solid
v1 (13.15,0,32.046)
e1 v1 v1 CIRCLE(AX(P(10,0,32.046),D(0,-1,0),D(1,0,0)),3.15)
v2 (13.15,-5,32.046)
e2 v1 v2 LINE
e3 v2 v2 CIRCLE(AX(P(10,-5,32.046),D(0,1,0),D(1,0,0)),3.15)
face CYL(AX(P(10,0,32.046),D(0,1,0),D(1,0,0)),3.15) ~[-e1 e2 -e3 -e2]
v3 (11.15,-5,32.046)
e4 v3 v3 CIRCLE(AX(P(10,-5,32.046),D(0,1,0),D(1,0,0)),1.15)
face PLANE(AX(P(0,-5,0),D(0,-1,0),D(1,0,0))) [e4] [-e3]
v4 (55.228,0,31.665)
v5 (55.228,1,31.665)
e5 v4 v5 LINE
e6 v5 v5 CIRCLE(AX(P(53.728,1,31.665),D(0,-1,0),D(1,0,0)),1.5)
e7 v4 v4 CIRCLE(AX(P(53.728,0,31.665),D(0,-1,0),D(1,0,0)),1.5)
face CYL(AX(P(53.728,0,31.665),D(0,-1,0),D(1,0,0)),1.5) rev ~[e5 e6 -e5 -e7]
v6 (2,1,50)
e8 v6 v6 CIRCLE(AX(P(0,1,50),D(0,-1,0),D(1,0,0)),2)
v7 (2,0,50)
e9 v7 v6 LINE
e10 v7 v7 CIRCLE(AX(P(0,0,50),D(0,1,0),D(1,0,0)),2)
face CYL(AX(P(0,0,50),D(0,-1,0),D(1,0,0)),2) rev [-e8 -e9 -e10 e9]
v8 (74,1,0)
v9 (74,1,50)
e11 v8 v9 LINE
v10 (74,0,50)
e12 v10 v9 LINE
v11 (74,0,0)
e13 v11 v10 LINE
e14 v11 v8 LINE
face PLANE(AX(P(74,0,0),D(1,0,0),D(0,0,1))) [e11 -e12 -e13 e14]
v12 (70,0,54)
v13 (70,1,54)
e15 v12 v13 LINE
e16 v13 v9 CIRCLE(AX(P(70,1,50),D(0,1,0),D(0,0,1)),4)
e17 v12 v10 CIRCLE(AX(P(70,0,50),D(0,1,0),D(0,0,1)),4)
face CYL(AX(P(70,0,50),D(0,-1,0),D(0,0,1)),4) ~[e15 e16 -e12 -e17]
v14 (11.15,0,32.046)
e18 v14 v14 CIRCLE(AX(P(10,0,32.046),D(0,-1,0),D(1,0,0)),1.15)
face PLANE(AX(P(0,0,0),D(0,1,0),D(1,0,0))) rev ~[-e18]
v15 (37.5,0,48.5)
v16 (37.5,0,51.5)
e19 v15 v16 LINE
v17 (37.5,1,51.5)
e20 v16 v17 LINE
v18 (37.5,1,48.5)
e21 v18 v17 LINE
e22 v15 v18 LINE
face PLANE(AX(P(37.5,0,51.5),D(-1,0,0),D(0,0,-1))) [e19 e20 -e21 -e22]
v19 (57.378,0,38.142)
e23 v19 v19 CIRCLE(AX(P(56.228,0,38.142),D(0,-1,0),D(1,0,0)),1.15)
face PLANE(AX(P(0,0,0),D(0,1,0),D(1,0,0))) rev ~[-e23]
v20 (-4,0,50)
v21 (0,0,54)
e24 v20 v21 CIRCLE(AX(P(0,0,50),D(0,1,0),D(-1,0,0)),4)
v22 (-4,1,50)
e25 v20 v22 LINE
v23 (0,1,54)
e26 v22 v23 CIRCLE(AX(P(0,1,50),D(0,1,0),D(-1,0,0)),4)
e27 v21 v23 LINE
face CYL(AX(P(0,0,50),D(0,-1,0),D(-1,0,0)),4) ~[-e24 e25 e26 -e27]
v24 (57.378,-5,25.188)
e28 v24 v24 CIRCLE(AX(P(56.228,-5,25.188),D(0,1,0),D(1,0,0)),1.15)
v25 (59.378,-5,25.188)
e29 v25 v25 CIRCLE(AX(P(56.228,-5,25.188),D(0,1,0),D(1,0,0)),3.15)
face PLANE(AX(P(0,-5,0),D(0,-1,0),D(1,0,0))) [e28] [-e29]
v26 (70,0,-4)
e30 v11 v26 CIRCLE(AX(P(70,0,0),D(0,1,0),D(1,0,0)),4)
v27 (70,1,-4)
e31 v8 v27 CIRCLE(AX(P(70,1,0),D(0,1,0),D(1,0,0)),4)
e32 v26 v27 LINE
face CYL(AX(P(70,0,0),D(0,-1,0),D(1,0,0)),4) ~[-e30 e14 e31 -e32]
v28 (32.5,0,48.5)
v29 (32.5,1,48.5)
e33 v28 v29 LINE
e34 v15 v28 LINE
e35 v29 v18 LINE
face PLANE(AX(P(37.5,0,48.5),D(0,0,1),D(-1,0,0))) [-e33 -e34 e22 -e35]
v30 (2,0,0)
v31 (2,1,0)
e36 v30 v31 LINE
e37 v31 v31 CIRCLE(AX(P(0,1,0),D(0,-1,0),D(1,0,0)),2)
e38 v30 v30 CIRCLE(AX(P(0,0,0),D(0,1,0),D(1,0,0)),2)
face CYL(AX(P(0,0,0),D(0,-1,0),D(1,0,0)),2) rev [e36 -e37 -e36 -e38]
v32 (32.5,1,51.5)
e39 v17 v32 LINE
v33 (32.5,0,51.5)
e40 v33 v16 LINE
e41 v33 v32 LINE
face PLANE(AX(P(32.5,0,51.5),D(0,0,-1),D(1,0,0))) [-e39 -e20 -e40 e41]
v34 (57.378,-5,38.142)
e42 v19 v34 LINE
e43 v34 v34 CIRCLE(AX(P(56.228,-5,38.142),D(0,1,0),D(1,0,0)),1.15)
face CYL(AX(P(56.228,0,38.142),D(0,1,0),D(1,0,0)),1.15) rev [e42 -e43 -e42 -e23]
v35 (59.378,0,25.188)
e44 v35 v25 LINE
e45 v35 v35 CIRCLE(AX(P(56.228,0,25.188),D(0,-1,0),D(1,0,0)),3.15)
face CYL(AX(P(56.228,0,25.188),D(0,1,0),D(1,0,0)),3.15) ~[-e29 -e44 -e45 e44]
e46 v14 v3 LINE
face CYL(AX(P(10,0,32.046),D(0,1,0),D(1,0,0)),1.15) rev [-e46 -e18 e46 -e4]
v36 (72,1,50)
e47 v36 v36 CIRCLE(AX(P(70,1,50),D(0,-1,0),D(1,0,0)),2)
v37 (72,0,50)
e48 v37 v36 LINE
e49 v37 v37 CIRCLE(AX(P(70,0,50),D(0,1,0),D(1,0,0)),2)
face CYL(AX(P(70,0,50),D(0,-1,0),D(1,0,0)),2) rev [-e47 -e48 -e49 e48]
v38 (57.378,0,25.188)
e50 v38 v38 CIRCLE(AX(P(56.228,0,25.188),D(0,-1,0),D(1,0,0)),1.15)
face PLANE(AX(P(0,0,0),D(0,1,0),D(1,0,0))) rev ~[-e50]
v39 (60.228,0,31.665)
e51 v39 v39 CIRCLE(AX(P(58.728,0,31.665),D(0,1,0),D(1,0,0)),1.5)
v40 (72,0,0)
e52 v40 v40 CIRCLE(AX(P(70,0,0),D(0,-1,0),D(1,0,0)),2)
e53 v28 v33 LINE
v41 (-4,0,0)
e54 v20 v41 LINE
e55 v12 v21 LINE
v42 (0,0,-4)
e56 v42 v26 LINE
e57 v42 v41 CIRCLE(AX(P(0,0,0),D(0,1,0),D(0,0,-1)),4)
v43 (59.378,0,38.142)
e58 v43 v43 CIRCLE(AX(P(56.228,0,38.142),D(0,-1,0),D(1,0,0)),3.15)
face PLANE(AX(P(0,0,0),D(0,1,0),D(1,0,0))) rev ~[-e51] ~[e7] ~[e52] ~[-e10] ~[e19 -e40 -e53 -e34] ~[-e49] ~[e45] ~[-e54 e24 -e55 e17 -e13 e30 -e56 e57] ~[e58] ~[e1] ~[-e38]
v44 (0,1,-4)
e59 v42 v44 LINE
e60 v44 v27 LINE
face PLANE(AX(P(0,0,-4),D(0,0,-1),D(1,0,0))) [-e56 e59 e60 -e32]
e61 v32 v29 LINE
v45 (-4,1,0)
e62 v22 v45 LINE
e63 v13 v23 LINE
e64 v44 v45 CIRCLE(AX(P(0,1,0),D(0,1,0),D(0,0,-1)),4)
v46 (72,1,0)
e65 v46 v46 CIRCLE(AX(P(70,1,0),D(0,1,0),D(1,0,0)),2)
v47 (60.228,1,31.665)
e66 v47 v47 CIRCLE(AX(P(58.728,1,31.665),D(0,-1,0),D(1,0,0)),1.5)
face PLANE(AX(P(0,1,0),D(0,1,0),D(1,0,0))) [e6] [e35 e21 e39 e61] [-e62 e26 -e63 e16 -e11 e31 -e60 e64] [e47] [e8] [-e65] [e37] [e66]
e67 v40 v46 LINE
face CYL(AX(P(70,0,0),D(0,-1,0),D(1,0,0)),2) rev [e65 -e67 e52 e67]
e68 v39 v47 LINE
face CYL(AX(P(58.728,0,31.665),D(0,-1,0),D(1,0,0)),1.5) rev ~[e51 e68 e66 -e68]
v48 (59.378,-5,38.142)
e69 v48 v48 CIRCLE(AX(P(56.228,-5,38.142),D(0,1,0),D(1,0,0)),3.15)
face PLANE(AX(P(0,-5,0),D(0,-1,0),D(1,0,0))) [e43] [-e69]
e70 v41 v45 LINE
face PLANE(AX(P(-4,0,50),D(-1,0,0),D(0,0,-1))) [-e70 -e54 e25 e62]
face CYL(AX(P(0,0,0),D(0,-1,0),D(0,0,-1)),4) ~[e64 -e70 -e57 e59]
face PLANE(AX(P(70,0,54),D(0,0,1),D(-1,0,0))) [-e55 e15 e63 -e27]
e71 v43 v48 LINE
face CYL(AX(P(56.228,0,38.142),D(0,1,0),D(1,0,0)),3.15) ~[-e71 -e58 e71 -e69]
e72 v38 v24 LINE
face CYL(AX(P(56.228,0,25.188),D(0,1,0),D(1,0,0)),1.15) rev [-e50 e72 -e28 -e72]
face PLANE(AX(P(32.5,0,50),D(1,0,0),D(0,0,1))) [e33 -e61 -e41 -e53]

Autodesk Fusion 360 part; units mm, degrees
sketch "Sketch1" plane through (0, 0, 0) normal (0, 1, 0) x (1, 0, 0)
  line L0 (0, 0) -> (70, 0)
  line L1 (70, 0) -> (70, -50)
  line L2 (70, -50) -> (0, -50)
  line L3 (0, -50) -> (0, 0)
  circle A0 centre (0, -50) radius 2
  circle A1 centre (0, 0) radius 2
  circle A2 centre (70, 0) radius 2
  circle A3 centre (70, -50) radius 2
  line L4 (0, 4) -> (70, 4)
  line L5 (74, 0) -> (74, -50)
  line L6 (70, -54) -> (0, -54)
  line L7 (-4, -50) -> (-4, 0)
  arc A4 (-4, -50) -> (0, -54) centre (0, -50) ccw
  arc A5 (0, 4) -> (-4, 0) centre (0, 0) ccw
  arc A6 (70, -54) -> (74, -50) centre (70, -50) ccw
  arc A7 (74, 0) -> (70, 4) centre (70, 0) ccw
  dimension "d1" = 70
  dimension "d2" = 50
  dimension "d3" = 4
  dimension "d4" = 4
  dimension "d5" = 4
  dimension "d6" = 4
  dimension "d8" = 4
  dimension "d9" = 4
  dimension "d10" = 4
  dimension "d11" = 4
extrude "Extrude1" add sketch "Sketch1" along normal blind 1 contours L0 L1 L2 L3 A0 A1 A2 A3 | L4 L5 L6 L7 A4 A5 A6 A7
sketch "Sketch2" plane through (0, 0, 0) normal (0, -1, 0) x (1, 0, 0)
  circle A0 centre (0, 0) radius 2
  circle A1 centre (0, 50) radius 2
  circle A2 centre (70, 0) radius 2
  circle A3 centre (70, 50) radius 2
  arc A4 (74, 50) -> (70, 54) centre (70, 50) ccw
  line L0 (70, 54) -> (0, 54)
  arc A5 (0, 54) -> (-4, 50) centre (0, 50) ccw
  line L1 (-4, 50) -> (-4, 0)
  arc A6 (-4, 0) -> (0, -4) centre (0, 0) ccw
  line L2 (0, -4) -> (70, -4)
  arc A7 (70, -4) -> (74, 0) centre (70, 0) ccw
  line L3 (74, 0) -> (74, 50)
  line L4 (10, 54) -> (10, -4)
  line L5 (56.228, 54) -> (56.228, -4)
  circle A8 centre (10, 32.046) radius 1.15
  circle A9 centre (56.228, 38.142) radius 1.15
  circle A10 centre (56.228, 25.188) radius 1.15
  line L6 (10, 45) -> (56.228, 45)
  line L7 (56.228, 45) -> (56.228, 5)
  line L8 (56.228, 5) -> (10, 5)
  line L9 (10, 5) -> (10, 45)
  line L10 (10, 25) -> (-4, 25)
  circle A11 centre (10, 32.046) radius 3.15
  circle A12 centre (56.228, 38.142) radius 3.15
  circle A13 centre (56.228, 25.188) radius 3.15
  line L11 (56.228, 38.142) -> (56.228, 25.188)
  circle A14 centre (53.728, 31.665) radius 1.5
  circle A15 centre (58.728, 31.665) radius 1.5
  line L12 (0, 50) -> (70, 50)
  line L13 (32.5, 51.5) -> (37.5, 51.5)
  line L14 (37.5, 51.5) -> (37.5, 48.5)
  line L15 (37.5, 48.5) -> (32.5, 48.5)
  line L16 (32.5, 48.5) -> (32.5, 51.5)
  line L17 (32.5, 51.5) -> (37.5, 48.5)
  line L18 (32.5, 48.5) -> (37.5, 51.5)
  line L19 (53.728, 31.665) -> (58.728, 31.665)
  point P0 (35, 50)
  point P1 (35, 50)
  point P2 (56.228, 31.665)
  point P3 (56.228, 31.665)
  dimension "d15" = 10
  dimension "d16" = 46.228
  dimension "d18" = 6.096
  dimension "d19" = 12.954
  dimension "d20" = 6.858
  dimension "d21" = 2.3
  dimension "d22" = 2.3
  dimension "d23" = 2.3
  dimension "d24" = 40
  dimension "d25" = 90
  dimension "d26" = 2
  dimension "d27" = 2
  dimension "d28" = 2
  dimension "d32" = 3
  dimension "d33" = 3
  dimension "d34" = 5
  dimension "d40" = 3
  dimension "d41" = 5
extrude "Extrude2" add sketch "Sketch2" along normal blind 5 contours L4 A8 L9 A11 | L4 A8 L9 A11 | L5 A9 L7 A12 L11 | L5 A9 L7 A12 L11 | L5 A10 L7 A13 L11 | L5 A10 L7 A13 L11
extrude "Extrude3" cut sketch "Sketch2" against normal blind 5 contours A14 | L12 L16 L17 | L12 L16 L18 | A15 | L12 L14 L18 | L12 L14 L17 | L15 L17 L18 | L13 L17 L18
